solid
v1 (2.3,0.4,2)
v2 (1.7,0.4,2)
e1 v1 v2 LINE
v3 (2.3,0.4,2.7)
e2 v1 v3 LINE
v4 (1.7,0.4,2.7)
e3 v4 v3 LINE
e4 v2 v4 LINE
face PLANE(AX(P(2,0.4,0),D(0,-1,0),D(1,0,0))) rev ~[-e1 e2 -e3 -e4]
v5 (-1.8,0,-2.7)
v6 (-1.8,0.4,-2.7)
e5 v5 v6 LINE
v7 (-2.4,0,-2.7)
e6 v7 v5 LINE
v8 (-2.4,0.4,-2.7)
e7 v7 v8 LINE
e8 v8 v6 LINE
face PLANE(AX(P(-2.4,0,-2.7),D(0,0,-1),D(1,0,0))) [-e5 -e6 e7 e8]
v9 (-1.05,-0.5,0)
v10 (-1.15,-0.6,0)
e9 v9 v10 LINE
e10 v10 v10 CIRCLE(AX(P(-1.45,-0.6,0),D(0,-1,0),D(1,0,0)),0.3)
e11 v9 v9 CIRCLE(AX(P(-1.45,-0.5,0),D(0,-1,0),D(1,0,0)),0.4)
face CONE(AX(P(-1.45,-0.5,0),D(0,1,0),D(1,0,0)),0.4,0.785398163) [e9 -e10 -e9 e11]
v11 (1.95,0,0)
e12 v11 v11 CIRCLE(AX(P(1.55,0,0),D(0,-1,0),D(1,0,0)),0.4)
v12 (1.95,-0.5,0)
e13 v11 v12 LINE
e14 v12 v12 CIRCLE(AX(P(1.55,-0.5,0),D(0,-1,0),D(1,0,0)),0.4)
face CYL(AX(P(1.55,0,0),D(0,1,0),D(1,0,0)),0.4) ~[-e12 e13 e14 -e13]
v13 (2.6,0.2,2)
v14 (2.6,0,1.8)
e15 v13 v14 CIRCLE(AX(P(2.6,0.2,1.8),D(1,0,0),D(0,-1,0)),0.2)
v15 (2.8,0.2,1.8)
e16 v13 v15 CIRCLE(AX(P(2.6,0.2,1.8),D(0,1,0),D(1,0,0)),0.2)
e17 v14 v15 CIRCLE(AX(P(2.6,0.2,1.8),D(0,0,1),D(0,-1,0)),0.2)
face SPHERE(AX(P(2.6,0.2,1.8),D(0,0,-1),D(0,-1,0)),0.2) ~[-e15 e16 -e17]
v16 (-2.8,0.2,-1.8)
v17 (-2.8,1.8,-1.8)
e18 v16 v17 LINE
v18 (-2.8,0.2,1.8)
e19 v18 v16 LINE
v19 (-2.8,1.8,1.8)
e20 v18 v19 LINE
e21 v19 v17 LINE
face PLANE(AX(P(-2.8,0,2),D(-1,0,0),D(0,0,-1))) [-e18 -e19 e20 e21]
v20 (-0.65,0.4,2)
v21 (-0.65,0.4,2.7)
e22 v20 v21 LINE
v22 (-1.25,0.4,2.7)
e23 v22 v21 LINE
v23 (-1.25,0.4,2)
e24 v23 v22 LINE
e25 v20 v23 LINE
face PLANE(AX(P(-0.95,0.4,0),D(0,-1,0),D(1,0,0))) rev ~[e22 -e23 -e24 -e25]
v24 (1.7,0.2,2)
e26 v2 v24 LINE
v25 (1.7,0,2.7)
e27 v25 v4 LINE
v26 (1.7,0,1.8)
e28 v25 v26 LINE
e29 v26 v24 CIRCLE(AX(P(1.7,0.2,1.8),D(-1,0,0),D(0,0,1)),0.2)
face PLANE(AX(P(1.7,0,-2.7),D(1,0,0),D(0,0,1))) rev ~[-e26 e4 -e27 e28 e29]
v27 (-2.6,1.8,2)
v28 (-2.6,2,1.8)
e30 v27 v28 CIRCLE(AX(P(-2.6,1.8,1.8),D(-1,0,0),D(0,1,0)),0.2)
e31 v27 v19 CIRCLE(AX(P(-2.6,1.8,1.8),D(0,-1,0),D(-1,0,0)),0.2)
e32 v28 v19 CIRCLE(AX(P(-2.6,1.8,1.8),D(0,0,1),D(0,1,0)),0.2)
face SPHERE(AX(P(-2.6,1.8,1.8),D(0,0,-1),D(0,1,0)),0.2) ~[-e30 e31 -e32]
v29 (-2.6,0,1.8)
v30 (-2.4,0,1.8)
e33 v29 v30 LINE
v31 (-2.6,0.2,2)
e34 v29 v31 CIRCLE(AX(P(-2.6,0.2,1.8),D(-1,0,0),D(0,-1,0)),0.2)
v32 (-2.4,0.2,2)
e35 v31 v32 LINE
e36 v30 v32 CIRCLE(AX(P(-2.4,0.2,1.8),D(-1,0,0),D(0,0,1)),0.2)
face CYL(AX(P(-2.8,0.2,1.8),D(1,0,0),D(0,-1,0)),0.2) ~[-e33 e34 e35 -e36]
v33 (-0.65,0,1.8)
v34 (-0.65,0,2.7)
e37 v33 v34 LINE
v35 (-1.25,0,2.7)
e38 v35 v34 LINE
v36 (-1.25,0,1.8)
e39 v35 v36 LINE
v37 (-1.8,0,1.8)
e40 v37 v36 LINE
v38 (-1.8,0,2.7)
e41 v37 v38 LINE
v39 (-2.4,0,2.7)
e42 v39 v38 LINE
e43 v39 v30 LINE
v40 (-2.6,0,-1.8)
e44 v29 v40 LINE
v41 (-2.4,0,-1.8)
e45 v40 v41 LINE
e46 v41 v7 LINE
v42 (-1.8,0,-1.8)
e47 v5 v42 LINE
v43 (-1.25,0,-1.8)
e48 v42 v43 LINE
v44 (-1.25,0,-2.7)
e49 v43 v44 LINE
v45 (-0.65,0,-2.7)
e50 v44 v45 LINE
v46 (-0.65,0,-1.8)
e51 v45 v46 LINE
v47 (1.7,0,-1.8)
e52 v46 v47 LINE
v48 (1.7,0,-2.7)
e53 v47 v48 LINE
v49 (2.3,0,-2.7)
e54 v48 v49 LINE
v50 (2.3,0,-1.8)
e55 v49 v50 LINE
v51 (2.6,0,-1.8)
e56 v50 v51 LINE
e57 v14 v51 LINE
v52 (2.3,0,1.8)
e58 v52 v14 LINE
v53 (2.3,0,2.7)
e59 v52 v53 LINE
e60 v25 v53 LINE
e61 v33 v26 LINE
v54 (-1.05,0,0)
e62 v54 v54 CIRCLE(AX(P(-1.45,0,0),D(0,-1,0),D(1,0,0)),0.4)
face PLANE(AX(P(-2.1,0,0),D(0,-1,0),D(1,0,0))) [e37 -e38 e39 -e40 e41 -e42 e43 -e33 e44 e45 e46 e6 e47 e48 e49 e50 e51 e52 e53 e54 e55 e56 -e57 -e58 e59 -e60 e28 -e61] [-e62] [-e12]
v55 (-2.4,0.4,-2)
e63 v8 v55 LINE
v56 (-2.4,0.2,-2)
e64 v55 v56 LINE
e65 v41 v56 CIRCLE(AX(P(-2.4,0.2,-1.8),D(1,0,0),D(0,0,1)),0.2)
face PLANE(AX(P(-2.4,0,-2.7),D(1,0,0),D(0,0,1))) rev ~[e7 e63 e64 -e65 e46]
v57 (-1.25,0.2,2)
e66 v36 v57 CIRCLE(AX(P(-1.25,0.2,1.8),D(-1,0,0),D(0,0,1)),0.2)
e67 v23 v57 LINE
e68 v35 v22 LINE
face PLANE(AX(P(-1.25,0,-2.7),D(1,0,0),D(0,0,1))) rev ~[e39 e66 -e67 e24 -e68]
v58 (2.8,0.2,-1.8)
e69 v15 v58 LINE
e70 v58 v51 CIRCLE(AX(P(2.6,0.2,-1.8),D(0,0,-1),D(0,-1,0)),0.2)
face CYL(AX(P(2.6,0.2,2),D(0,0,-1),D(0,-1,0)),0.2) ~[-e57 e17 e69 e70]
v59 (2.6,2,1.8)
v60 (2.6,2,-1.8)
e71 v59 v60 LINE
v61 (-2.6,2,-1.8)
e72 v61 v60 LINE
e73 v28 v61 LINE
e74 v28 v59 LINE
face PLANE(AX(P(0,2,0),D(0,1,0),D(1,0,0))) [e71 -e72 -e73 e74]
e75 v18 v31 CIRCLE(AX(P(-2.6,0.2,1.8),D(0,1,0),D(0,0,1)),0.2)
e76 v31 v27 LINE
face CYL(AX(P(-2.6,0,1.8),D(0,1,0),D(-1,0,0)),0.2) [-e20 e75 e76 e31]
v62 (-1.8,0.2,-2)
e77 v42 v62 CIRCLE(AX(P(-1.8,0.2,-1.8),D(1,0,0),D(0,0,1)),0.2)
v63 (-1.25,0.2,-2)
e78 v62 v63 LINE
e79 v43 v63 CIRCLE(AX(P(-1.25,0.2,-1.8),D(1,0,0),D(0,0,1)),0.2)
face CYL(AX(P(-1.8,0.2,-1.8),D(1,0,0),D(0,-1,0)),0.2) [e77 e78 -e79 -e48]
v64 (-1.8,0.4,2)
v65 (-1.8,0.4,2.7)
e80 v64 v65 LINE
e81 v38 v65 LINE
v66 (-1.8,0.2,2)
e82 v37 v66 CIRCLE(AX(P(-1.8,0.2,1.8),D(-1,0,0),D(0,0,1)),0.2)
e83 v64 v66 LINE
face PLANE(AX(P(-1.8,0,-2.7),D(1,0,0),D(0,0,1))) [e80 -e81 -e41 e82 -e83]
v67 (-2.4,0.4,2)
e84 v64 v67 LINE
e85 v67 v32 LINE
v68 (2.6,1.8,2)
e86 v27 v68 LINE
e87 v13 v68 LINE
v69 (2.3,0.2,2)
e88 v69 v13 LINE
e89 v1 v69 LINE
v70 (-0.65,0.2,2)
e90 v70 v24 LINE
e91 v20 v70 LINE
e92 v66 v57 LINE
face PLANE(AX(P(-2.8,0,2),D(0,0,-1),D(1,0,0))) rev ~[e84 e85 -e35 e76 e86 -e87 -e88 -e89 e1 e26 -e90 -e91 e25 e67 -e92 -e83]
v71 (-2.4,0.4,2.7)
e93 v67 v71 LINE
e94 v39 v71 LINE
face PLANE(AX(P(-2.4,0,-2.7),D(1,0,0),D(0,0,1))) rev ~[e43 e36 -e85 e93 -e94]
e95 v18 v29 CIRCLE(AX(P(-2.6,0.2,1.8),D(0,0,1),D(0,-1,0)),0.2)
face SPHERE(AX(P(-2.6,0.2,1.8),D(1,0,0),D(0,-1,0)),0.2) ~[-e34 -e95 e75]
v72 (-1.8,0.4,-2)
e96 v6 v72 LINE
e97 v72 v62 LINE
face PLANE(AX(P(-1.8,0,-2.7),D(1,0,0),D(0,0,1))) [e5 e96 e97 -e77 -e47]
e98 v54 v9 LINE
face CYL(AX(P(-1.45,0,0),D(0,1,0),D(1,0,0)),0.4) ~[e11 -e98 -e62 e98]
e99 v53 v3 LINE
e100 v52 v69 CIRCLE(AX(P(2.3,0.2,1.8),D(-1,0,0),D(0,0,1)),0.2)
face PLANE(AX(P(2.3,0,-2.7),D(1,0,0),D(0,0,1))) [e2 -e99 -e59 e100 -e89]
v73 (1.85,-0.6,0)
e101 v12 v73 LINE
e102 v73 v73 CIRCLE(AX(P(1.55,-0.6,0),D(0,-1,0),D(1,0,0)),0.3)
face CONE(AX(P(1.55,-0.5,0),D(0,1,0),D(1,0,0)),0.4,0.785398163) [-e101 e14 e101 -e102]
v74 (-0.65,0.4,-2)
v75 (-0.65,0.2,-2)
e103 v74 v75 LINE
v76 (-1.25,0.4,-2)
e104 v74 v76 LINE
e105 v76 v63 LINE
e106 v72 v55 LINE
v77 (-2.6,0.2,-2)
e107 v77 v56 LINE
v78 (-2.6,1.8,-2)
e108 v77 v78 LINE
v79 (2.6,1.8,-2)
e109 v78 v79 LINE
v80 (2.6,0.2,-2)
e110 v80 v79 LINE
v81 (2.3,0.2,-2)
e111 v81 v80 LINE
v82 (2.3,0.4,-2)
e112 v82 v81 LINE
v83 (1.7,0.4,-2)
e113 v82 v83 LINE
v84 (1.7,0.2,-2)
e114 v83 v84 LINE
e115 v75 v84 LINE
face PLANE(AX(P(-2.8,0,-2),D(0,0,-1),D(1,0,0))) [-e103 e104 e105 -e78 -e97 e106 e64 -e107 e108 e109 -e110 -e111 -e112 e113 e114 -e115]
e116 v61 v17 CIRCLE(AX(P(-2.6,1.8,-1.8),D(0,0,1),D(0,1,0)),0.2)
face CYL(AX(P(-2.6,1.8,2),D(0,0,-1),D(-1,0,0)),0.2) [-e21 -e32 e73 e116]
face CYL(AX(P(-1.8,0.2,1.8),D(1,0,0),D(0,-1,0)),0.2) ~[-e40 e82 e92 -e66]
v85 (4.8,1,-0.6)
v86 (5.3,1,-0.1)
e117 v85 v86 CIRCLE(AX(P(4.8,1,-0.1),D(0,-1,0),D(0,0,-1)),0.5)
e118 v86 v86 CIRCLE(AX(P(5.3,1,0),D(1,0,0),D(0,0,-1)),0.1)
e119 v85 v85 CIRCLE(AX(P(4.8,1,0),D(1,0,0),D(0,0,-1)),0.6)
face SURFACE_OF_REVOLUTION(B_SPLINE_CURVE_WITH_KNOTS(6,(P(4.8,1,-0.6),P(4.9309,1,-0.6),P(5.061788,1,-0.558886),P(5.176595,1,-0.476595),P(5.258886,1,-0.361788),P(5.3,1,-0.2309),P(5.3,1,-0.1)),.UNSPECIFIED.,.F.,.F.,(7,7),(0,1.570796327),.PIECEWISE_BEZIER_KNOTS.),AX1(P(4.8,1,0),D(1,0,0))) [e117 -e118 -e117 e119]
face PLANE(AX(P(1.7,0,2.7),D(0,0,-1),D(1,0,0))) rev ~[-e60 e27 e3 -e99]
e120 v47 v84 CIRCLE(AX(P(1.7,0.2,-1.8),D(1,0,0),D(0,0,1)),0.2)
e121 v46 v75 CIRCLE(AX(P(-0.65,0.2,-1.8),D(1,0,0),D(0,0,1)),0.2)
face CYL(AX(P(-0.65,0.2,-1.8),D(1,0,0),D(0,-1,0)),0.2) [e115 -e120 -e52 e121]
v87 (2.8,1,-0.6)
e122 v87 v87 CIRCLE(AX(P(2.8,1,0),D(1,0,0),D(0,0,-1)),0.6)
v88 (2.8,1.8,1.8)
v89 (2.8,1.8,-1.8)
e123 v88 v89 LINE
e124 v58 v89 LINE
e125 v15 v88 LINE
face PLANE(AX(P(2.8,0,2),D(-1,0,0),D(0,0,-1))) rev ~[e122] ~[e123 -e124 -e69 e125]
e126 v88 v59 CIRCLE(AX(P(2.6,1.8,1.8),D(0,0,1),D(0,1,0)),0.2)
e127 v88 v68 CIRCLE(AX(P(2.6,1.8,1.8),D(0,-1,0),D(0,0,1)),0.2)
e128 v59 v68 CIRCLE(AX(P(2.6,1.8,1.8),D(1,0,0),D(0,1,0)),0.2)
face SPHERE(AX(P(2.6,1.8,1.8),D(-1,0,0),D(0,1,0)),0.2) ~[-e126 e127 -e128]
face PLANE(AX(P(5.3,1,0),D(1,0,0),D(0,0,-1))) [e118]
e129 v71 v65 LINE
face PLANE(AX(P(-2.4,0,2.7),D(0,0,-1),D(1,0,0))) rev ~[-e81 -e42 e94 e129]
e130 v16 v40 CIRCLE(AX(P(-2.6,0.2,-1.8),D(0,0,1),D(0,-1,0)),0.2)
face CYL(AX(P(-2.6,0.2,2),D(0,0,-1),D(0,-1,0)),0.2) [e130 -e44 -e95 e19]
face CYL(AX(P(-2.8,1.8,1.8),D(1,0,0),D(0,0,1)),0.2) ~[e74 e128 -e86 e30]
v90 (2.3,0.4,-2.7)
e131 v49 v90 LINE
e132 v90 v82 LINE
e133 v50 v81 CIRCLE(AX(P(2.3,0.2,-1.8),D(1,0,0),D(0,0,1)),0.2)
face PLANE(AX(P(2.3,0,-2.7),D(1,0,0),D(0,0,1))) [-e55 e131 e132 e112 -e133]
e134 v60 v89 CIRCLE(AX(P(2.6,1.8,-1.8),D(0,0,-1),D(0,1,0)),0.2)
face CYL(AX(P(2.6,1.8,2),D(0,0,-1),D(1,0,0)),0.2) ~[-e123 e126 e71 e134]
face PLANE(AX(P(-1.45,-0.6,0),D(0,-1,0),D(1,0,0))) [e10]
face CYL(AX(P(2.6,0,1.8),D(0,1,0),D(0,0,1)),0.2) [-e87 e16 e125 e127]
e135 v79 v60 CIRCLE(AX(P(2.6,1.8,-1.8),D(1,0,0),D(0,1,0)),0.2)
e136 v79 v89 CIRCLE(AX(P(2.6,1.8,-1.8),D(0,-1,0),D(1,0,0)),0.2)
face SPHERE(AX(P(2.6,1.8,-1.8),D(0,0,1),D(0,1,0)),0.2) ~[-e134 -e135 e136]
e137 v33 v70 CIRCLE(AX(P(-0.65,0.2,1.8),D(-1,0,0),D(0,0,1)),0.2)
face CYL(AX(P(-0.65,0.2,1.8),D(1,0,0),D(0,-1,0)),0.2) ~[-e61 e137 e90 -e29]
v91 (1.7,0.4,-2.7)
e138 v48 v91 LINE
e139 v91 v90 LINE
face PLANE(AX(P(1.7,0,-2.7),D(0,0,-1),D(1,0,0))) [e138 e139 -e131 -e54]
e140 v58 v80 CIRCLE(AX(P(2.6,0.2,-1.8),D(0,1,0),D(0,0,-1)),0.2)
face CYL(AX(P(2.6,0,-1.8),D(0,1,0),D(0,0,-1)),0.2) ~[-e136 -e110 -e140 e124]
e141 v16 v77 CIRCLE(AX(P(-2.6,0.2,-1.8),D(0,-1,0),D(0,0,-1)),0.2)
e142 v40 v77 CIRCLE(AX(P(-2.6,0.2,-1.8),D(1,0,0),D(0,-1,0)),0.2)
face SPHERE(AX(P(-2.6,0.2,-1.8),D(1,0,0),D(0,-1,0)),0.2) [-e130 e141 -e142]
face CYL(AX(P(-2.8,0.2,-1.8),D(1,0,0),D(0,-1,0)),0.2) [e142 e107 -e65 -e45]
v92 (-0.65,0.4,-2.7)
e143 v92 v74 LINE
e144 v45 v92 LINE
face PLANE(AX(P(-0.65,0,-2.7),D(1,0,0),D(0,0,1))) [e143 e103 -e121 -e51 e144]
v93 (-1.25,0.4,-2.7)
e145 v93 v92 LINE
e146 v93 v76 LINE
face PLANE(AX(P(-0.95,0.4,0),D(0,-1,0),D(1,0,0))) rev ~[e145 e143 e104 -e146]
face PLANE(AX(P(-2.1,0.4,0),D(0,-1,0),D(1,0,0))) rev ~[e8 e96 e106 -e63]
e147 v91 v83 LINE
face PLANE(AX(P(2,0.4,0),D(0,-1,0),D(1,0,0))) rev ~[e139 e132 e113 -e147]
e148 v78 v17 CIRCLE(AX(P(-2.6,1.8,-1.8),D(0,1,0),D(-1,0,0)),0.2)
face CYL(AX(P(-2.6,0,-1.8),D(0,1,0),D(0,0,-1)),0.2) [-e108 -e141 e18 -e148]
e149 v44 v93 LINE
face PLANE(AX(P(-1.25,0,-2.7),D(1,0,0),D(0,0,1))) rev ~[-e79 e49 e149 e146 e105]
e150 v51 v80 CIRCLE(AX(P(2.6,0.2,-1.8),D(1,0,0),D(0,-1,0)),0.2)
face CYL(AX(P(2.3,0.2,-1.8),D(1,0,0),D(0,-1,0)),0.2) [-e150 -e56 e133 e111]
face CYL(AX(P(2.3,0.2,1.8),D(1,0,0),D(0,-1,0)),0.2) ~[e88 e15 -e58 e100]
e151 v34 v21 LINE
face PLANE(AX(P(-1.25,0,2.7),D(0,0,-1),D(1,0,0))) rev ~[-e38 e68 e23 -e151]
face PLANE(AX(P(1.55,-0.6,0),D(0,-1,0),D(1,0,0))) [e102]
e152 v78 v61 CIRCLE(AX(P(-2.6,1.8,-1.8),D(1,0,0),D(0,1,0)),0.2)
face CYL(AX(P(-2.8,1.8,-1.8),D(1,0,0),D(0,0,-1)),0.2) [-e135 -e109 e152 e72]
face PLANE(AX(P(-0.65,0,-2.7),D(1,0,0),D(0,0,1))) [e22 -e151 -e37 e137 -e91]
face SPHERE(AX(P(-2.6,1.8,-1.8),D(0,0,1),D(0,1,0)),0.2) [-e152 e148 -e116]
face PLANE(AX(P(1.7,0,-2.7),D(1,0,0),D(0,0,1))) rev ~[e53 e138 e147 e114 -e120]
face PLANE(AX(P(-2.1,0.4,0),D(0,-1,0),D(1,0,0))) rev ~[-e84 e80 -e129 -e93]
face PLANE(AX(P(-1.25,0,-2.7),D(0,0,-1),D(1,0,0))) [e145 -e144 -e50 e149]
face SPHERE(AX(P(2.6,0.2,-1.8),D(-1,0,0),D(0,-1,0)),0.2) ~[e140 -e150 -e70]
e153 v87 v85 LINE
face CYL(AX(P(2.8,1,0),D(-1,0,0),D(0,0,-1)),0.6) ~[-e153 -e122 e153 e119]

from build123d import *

# Parameters (mm, degrees)
SKETCH_1_W      = 5.6
SKETCH_1_H      = 4
EXTRUDE_1_DEPTH = 2
SKETCH_2_R      = 0.6
EXTRUDE_2_DEPTH = 2.5
FILLET_1_R      = 0.5
SKETCH_3_W      = 0.6
SKETCH_3_H      = 5.4
EXTRUDE_3_DEPTH = 0.4
SKETCH_4_R      = 0.4
EXTRUDE_4_DEPTH = 0.6
CHAMFER_1_SIZE  = 0.1
FILLET_2_R      = 0.2


with BuildPart() as part:
    # Эскиз1 → Бобышка-Вытянуть1 (new body)
    with BuildSketch(Plane(origin=(0, 0, 0), x_dir=(1, 0, 0), z_dir=(0, 1, 0))):
        Rectangle(SKETCH_1_W, SKETCH_1_H)
    extrude(amount=EXTRUDE_1_DEPTH)

    # Эскиз2 → Бобышка-Вытянуть2 (add)
    with BuildSketch(Plane(origin=(2.8, 0, 0), x_dir=(0, 0, -1), z_dir=(1, 0, 0))):
        with Locations((0, 1)):
            Circle(SKETCH_2_R)
    extrude(amount=EXTRUDE_2_DEPTH)

    # Скругление1
    fillet_1_edges = [part.edges().sort_by_distance(p)[0] for p in [
        (5.3, 1, 0.6),
    ]]
    fillet(fillet_1_edges, radius=FILLET_1_R)

    # Эскиз3 → Бобышка-Вытянуть3 (add)
    with BuildSketch(Plane.XZ):
        with Locations((-2.1, 0)):
            Rectangle(SKETCH_3_W, SKETCH_3_H)
        with Locations((-0.95, 0)):
            Rectangle(SKETCH_3_W, SKETCH_3_H)
        with Locations((2, 0)):
            Rectangle(SKETCH_3_W, SKETCH_3_H)
    extrude(amount=-EXTRUDE_3_DEPTH)

    # Эскиз4 → Бобышка-Вытянуть4 (add)
    with BuildSketch(Plane.XZ):
        with Locations((-1.45, 0)):
            Circle(SKETCH_4_R)
        with Locations((1.55, 0)):
            Circle(SKETCH_4_R)
    extrude(amount=EXTRUDE_4_DEPTH)

    # Фаска1
    chamfer_1_edges = [part.edges().sort_by_distance(p)[0] for p in [
        (-1.85, -0.6, 0),
        (1.15, -0.6, 0),
    ]]
    chamfer(chamfer_1_edges, length=CHAMFER_1_SIZE)

    # Скругление2
    fillet_2_edges = [part.edges().sort_by_distance(p)[0] for p in [
        (-2.8, 2, 0),
        (0, 2, 2),
        (-1.525, 0, 2),
        (-2.6, 0, -2),
        (2.8, 2, 0),
        (-1.525, 0, -2),
        (0.525, 0, 2),
        (-2.6, 0, 2),
        (-2.8, 0, 0),
        (2.55, 0, -2),
        (2.8, 0, 0),
        (0.525, 0, -2),
        (2.55, 0, 2),
        (0, 2, -2),
        (2.8, 1, 2),
        (-2.8, 1, 2),
        (-2.8, 1, -2),
        (2.8, 1, -2),
    ]]
    fillet(fillet_2_edges, radius=FILLET_2_R)


solid = part.part
